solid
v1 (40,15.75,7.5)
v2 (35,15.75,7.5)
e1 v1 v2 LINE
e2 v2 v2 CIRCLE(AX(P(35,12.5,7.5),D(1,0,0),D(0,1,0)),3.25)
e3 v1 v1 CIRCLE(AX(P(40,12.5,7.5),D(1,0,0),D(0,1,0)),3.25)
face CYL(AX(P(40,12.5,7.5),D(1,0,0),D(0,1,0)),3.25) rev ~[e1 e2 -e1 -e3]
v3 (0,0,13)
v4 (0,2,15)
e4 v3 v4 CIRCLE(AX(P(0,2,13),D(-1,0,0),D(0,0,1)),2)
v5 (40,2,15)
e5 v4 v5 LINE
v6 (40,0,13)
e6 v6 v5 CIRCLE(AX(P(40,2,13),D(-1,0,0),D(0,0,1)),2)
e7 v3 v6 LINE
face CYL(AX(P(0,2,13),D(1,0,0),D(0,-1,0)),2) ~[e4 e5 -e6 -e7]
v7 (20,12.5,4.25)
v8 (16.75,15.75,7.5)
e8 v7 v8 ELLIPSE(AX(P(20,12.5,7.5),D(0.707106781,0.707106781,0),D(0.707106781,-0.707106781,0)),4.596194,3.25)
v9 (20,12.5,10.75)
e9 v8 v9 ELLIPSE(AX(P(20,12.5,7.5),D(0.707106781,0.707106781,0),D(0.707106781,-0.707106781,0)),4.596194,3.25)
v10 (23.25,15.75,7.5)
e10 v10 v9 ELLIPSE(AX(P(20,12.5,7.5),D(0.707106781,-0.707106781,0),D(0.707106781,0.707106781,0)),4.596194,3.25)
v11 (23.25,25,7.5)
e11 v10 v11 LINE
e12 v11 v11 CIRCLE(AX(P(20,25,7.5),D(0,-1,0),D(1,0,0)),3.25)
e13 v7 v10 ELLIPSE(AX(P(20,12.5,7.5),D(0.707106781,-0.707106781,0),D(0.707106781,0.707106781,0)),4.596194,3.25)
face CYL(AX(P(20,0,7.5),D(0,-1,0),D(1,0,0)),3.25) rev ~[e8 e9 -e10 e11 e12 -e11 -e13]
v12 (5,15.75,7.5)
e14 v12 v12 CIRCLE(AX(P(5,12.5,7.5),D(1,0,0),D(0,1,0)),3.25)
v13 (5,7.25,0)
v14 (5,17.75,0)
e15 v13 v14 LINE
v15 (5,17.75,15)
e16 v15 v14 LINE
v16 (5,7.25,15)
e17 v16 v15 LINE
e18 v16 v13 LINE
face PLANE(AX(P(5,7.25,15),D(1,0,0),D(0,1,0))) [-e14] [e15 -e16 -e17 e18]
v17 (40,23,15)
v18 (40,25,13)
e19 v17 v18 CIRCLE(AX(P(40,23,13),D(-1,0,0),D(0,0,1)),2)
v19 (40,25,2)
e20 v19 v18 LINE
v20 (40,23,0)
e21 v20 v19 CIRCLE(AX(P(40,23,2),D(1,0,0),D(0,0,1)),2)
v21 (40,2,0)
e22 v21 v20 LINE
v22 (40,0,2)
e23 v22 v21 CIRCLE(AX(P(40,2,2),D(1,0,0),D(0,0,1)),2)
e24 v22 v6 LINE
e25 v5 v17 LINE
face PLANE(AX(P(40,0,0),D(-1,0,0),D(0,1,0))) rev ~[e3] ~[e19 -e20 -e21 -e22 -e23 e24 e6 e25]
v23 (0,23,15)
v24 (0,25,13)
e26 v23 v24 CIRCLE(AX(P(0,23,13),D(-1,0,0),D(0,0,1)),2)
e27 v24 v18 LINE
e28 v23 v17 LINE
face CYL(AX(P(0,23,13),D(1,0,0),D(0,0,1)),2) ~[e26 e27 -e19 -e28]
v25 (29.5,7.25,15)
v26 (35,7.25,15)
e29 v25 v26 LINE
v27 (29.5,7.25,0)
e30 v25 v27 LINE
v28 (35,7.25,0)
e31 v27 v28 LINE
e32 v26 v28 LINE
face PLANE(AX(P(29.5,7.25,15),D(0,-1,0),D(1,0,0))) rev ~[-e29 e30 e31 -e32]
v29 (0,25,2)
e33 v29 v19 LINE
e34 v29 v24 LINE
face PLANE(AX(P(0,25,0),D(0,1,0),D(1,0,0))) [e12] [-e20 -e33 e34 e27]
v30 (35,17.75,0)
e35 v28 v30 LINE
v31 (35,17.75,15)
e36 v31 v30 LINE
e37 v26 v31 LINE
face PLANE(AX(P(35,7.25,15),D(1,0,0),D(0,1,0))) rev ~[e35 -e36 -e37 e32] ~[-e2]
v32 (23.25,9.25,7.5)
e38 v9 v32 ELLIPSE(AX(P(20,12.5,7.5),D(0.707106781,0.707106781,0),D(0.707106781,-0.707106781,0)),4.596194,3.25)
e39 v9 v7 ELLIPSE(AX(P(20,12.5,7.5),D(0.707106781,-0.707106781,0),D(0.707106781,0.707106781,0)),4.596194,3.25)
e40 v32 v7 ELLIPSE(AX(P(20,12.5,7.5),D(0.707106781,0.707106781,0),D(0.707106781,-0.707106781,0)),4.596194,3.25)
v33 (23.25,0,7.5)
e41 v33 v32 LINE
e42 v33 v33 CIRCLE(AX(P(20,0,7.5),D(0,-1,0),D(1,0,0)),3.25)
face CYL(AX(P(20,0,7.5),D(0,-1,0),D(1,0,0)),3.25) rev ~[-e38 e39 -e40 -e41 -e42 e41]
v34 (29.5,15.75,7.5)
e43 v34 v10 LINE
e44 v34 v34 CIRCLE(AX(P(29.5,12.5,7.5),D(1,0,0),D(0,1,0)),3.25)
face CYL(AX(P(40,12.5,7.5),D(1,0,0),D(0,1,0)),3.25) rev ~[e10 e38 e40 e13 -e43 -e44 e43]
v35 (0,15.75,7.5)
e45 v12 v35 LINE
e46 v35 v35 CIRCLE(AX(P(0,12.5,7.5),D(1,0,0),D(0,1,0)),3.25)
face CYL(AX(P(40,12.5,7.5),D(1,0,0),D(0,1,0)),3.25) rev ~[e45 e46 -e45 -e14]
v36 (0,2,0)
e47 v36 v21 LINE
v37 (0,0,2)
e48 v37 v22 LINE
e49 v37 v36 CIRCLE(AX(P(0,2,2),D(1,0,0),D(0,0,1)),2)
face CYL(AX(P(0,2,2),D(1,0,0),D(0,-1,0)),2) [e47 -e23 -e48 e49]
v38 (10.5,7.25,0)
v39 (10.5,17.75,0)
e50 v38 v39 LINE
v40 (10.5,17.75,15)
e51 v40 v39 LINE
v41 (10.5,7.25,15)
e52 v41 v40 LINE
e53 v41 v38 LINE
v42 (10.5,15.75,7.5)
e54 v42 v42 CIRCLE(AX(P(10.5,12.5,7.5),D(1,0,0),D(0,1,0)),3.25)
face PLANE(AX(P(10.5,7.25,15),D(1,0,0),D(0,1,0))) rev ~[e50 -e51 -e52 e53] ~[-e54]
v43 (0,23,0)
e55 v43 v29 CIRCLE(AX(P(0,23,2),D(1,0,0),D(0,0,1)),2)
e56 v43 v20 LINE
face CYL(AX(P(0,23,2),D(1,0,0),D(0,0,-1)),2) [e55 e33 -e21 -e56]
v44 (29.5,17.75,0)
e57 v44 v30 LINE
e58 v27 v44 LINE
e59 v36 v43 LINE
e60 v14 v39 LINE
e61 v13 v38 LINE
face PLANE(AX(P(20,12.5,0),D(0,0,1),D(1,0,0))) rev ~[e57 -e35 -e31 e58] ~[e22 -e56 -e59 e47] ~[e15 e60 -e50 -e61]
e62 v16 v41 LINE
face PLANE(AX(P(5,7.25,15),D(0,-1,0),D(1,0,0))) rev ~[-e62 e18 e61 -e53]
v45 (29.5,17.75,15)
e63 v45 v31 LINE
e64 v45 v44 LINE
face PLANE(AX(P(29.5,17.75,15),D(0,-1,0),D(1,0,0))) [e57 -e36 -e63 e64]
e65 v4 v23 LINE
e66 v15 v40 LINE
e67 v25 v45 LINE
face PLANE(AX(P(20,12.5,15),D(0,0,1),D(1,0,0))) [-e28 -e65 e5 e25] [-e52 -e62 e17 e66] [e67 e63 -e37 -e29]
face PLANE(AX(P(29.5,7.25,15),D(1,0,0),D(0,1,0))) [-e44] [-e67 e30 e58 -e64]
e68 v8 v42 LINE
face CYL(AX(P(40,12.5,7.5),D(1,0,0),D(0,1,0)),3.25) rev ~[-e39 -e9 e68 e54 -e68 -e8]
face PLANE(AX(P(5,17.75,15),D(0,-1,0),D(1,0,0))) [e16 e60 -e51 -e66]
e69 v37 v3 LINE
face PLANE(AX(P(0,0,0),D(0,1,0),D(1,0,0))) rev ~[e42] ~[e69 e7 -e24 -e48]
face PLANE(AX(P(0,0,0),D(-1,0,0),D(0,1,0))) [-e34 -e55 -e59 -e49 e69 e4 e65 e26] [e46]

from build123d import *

# Parameters (mm, degrees)
SKETCH_W        = 40
SKETCH_H        = 25
PAD_DEPTH       = 15
SKETCH001_R     = 3.25
POCKET_DEPTH    = 40.001
SKETCH002_R     = 3.25
POCKET001_DEPTH = 25.001
SKETCH003_W     = 5.5
SKETCH003_H     = 10.5
POCKET002_DEPTH = 15.001
FILLET_R        = 2


with BuildPart() as part:
    # Sketch → Pad (new body)
    with BuildSketch(Plane.XY):
        with Locations((20, 12.5)):
            Rectangle(SKETCH_W, SKETCH_H)
    extrude(amount=PAD_DEPTH)

    # Sketch001 (on Face2 of Pad) → Pocket (cut, through all)
    with BuildSketch(Plane.YZ.offset(40)):
        with Locations((12.5, 7.5)):
            Circle(SKETCH001_R)
    extrude(amount=-POCKET_DEPTH, mode=Mode.SUBTRACT)

    # Sketch002 (on Face1 of Pocket) → Pocket001 (cut, through all)
    with BuildSketch(Plane.XZ):
        with Locations((20, 7.5)):
            Circle(SKETCH002_R)
    extrude(amount=-POCKET001_DEPTH, mode=Mode.SUBTRACT)

    # Sketch003 (on Face4 of Pocket001) → Pocket002 (cut, through all)
    with BuildSketch(Plane.XY.offset(15)):
        with Locations((7.75, 12.5)):
            Rectangle(SKETCH003_W, SKETCH003_H)
        with Locations((32.25, 12.5)):
            Rectangle(SKETCH003_W, SKETCH003_H)
    extrude(amount=-POCKET002_DEPTH, mode=Mode.SUBTRACT)

    # Fillet
    fillet_edges = [part.edges().sort_by_distance(p)[0] for p in [
        (20, 0, 15),
        (20, 0, 0),
        (20, 25, 15),
        (20, 25, 0),
    ]]
    fillet(fillet_edges, radius=FILLET_R)


solid = part.part
